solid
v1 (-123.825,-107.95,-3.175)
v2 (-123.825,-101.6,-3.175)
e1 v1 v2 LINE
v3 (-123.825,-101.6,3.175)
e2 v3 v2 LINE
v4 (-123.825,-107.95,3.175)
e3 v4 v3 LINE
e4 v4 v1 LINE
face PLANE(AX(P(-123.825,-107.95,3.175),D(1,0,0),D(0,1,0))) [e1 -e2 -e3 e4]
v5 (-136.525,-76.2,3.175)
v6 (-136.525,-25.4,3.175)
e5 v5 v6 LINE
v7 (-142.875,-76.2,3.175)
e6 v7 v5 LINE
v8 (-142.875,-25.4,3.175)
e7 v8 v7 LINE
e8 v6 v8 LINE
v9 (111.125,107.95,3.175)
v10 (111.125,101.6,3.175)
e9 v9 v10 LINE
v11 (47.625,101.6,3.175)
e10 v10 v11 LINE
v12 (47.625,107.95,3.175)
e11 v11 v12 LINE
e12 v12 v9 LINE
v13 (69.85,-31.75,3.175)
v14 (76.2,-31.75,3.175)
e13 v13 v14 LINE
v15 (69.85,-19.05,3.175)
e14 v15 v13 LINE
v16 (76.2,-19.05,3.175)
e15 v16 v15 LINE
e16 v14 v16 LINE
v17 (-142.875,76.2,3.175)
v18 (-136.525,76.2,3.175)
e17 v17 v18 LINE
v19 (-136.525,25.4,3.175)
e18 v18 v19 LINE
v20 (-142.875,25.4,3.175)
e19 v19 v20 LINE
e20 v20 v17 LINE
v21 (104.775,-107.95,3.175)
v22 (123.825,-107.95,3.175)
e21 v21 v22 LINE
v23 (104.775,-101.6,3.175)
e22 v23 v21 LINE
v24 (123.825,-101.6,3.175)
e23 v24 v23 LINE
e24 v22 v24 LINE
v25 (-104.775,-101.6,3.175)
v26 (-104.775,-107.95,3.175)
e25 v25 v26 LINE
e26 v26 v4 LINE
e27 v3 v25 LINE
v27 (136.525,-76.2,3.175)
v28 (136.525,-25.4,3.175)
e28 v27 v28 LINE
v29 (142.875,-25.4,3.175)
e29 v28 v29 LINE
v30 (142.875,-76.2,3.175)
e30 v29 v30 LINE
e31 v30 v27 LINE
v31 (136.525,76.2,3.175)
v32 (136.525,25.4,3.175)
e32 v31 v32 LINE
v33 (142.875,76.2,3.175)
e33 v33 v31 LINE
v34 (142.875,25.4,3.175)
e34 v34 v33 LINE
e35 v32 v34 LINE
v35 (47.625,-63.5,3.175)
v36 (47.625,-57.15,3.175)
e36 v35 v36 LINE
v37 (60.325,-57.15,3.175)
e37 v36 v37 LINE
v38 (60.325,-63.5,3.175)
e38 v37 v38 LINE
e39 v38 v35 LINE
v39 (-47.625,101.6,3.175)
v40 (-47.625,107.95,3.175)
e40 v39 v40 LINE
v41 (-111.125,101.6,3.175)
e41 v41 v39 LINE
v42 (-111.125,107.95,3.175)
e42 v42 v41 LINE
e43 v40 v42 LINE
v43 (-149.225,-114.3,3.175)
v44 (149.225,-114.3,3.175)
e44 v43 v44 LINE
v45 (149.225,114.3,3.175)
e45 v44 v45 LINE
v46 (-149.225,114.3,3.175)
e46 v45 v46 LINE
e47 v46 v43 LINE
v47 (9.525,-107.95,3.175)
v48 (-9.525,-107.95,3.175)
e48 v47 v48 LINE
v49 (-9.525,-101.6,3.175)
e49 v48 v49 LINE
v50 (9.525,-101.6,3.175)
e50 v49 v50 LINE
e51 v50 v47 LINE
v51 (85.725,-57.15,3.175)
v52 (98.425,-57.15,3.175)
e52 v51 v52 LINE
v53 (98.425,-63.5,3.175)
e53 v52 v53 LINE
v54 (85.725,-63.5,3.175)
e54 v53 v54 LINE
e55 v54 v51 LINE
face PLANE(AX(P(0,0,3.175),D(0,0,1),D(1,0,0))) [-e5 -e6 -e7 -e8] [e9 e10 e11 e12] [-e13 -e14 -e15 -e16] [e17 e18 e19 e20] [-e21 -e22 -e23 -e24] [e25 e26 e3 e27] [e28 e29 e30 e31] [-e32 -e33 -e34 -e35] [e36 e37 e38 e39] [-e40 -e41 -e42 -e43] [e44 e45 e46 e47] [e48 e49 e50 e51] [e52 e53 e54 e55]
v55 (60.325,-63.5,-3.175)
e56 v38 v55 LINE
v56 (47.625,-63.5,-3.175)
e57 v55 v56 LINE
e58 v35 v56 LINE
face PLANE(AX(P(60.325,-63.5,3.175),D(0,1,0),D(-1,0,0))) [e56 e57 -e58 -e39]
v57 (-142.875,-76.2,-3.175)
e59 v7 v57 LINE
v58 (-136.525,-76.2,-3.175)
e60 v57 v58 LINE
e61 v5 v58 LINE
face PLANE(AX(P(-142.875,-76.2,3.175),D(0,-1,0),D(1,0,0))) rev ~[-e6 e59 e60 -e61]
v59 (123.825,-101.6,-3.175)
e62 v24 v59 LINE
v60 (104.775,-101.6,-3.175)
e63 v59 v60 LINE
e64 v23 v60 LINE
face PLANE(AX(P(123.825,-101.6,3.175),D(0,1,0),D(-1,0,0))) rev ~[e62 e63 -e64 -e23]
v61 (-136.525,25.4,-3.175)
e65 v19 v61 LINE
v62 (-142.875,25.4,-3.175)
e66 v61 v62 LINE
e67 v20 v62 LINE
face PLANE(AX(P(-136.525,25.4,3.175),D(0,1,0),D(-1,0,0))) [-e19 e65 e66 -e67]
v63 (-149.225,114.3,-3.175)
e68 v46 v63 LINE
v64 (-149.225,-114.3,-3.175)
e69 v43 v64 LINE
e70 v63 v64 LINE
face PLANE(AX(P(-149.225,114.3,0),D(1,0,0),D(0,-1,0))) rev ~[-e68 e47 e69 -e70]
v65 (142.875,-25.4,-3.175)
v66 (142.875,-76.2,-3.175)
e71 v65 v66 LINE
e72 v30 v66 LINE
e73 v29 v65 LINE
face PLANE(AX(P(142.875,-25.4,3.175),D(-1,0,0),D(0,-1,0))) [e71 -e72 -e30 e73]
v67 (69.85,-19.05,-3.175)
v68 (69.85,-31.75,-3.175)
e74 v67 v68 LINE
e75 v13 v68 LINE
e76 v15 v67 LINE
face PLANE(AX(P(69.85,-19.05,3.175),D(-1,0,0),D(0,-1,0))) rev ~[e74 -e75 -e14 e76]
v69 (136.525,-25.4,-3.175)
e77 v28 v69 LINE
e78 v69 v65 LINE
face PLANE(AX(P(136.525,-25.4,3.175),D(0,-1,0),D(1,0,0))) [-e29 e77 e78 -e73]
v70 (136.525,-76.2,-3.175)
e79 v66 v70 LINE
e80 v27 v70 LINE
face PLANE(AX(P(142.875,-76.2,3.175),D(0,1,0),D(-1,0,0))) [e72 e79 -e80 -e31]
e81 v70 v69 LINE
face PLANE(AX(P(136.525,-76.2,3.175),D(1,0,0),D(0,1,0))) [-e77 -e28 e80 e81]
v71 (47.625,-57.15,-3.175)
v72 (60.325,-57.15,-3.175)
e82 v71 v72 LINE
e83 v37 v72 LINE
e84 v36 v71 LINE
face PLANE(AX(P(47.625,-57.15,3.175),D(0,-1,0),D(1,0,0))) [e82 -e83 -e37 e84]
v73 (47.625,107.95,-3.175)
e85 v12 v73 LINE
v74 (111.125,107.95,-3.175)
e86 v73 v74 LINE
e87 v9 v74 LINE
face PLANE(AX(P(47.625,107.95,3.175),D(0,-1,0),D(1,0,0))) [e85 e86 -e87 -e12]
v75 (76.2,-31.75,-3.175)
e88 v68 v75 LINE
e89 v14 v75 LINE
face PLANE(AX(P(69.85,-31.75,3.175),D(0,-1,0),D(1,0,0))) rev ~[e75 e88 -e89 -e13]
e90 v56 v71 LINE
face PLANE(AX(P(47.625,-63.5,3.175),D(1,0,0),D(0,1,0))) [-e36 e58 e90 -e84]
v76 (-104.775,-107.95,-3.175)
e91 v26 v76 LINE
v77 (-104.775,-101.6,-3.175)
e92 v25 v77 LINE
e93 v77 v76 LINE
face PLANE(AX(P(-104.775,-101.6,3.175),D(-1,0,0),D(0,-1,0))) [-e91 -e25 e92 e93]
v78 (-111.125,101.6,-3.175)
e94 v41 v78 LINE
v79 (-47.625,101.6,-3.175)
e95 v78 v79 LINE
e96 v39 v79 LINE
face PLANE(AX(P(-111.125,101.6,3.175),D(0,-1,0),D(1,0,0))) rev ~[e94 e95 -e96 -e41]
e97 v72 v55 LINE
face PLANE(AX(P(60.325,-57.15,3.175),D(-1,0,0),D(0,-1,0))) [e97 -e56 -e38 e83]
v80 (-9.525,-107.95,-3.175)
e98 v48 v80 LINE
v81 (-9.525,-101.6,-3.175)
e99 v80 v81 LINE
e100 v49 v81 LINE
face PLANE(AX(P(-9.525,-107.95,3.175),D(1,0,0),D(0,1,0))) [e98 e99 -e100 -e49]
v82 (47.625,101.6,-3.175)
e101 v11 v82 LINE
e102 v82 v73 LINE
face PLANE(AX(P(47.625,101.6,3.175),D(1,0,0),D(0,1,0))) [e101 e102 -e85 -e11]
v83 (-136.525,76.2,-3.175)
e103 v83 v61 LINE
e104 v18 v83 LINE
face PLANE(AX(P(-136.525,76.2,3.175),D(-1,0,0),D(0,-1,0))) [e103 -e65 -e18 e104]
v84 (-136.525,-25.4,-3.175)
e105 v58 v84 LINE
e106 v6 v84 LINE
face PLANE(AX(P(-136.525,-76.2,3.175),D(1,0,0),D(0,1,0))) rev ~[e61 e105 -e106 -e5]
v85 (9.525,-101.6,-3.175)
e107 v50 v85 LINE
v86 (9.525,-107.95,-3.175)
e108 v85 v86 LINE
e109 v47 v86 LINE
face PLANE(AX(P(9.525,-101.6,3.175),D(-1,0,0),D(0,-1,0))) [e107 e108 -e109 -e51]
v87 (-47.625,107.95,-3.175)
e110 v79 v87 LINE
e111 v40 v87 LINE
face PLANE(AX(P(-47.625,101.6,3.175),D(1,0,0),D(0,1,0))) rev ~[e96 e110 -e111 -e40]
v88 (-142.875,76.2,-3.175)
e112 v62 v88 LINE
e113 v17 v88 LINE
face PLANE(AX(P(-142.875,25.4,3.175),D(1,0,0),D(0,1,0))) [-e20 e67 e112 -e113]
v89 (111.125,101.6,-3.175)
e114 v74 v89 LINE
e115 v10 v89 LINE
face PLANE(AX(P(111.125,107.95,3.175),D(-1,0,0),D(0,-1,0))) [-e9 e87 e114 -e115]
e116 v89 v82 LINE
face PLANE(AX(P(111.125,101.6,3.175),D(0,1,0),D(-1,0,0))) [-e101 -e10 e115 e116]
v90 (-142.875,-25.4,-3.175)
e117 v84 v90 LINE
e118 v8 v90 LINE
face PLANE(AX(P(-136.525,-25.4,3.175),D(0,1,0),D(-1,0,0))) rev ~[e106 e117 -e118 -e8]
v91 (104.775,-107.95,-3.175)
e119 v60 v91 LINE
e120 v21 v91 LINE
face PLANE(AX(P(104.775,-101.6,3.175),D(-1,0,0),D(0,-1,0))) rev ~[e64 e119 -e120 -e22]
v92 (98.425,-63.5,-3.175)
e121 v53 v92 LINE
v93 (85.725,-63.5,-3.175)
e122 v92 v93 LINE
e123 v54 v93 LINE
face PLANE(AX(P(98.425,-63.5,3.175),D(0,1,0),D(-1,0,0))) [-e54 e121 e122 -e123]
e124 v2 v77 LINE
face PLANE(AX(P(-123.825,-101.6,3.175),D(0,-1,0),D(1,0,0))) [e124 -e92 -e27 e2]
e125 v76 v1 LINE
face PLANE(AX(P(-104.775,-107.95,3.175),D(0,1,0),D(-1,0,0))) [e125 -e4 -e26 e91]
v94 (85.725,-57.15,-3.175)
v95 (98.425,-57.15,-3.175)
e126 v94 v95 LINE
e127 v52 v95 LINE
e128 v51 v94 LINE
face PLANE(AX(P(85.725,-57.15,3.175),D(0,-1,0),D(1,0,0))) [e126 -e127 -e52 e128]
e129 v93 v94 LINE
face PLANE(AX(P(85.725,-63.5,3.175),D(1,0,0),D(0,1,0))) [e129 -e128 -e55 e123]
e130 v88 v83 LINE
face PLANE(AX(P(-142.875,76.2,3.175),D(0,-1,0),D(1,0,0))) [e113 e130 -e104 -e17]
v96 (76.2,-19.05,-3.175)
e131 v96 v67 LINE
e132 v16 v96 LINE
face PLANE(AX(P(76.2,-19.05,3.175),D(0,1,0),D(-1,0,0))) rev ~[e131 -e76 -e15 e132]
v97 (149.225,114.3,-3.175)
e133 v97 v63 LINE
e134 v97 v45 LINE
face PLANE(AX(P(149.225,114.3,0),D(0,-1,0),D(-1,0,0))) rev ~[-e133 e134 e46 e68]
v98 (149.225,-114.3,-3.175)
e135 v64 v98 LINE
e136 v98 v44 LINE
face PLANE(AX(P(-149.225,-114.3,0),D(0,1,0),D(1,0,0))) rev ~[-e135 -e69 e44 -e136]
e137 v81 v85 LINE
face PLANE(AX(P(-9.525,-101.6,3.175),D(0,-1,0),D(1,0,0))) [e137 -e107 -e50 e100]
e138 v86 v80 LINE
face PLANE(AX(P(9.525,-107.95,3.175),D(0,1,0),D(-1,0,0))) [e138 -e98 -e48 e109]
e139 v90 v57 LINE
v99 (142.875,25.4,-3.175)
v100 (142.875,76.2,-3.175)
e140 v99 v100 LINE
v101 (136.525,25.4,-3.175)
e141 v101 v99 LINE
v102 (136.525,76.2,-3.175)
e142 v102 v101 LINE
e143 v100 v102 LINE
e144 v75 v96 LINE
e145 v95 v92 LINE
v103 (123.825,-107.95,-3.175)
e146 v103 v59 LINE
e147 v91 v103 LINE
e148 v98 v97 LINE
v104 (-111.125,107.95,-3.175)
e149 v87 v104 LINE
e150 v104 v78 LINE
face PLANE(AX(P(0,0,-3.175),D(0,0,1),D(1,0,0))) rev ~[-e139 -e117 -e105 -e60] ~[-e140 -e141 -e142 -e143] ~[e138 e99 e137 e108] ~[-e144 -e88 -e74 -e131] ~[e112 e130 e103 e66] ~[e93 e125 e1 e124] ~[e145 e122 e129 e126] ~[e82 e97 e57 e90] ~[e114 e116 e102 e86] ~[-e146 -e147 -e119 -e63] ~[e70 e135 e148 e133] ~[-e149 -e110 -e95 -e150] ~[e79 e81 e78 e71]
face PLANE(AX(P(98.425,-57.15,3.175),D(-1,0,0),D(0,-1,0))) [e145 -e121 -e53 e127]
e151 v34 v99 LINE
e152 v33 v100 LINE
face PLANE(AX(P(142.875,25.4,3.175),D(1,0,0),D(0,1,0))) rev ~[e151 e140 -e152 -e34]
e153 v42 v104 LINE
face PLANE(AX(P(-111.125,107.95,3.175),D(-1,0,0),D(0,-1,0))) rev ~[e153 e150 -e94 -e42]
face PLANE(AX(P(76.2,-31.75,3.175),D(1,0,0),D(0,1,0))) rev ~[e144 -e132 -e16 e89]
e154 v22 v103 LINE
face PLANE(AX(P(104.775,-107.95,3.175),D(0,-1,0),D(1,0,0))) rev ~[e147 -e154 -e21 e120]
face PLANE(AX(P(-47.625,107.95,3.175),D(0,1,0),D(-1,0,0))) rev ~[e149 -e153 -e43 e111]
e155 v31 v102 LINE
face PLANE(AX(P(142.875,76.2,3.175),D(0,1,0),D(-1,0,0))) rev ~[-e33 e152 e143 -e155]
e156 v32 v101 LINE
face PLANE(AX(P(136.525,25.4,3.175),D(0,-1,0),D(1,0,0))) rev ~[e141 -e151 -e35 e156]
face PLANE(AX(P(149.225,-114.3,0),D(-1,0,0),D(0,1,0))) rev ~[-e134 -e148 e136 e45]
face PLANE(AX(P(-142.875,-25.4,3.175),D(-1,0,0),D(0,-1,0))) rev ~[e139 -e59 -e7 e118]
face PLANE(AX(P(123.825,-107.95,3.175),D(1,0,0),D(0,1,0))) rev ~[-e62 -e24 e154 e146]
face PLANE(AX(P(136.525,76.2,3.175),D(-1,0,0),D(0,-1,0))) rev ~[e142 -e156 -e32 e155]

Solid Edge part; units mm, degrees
sketch "Sketch1" plane through (0, 0, 0) normal (0, 0, 1) x (1, 0, 0)
  line L0 (-149.225, -114.3) -> (149.225, -114.3)
  line L1 (149.225, -114.3) -> (149.225, 114.3)
  line L2 (149.225, 114.3) -> (-149.225, 114.3)
  line L3 (-149.225, 114.3) -> (-149.225, -114.3)
  dimension "D1" = 298.45
  dimension "D2" = 228.6
extrude "ExtrudedProtrusion_1" add sketch "Sketch1" along normal mid plane 6.35
sketch "Sketch2" plane through (0, 0, 3.175) normal (0, 0, 1) x (1, 0, 0)
  line L0 (111.125, 101.6) -> (47.625, 101.6)
  line L1 (47.625, 101.6) -> (47.625, 107.95)
  line L2 (47.625, 107.95) -> (111.125, 107.95)
  line L3 (111.125, 107.95) -> (111.125, 101.6)
  line L4 (-104.775, -107.95) -> (-123.825, -107.95)
  line L5 (-123.825, -107.95) -> (-123.825, -101.6)
  line L6 (-123.825, -101.6) -> (-104.775, -101.6)
  line L7 (-104.775, -101.6) -> (-104.775, -107.95)
  line L8 (104.775, -107.95) -> (123.825, -107.95)
  line L9 (123.825, -107.95) -> (123.825, -101.6)
  line L10 (123.825, -101.6) -> (104.775, -101.6)
  line L11 (104.775, -101.6) -> (104.775, -107.95)
  line L12 (-111.125, 101.6) -> (-47.625, 101.6)
  line L13 (-47.625, 101.6) -> (-47.625, 107.95)
  line L14 (-47.625, 107.95) -> (-111.125, 107.95)
  line L15 (-111.125, 107.95) -> (-111.125, 101.6)
  line L16 (-9.525, -101.6) -> (9.525, -101.6)
  line L17 (9.525, -101.6) -> (9.525, -107.95)
  line L18 (9.525, -107.95) -> (-9.525, -107.95)
  line L19 (-9.525, -107.95) -> (-9.525, -101.6)
  dimension "D1" = 63.5
  dimension "D2" = 6.35
  dimension "D3" = 38.1
  dimension "D4" = 6.35
  dimension "D5" = 25.4
  dimension "D6" = 6.35
  dimension "D7" = 6.35
  dimension "D8" = 19.05
  dimension "D9" = 19.05
extrude "Cutout1" cut sketch "Sketch2" against normal through all
sketch "Sketch3" plane through (0, 0, 3.175) normal (0, 0, 1) x (1, 0, 0)
  line L0 (-142.875, -76.2) -> (-136.525, -76.2)
  line L1 (-136.525, -76.2) -> (-136.525, -25.4)
  line L2 (-136.525, -25.4) -> (-142.875, -25.4)
  line L3 (-142.875, -25.4) -> (-142.875, -76.2)
  line L4 (142.875, 76.2) -> (136.525, 76.2)
  line L5 (136.525, 76.2) -> (136.525, 25.4)
  line L6 (136.525, 25.4) -> (142.875, 25.4)
  line L7 (142.875, 25.4) -> (142.875, 76.2)
  line L8 (142.875, -76.2) -> (136.525, -76.2)
  line L9 (136.525, -76.2) -> (136.525, -25.4)
  line L10 (136.525, -25.4) -> (142.875, -25.4)
  line L11 (142.875, -25.4) -> (142.875, -76.2)
  line L12 (-142.875, 76.2) -> (-136.525, 76.2)
  line L13 (-136.525, 76.2) -> (-136.525, 25.4)
  line L14 (-136.525, 25.4) -> (-142.875, 25.4)
  line L15 (-142.875, 25.4) -> (-142.875, 76.2)
  dimension "D1" = 50.8
  dimension "D2" = 6.35
  dimension "D3" = 38.1
  dimension "D4" = 6.35
extrude "Cutout2" cut sketch "Sketch3" against normal through all
sketch "Sketch4" plane through (0, 0, 3.175) normal (0, 0, 1) x (1, 0, 0)
  line L0 (85.725, -57.15) -> (98.425, -57.15)
  line L1 (98.425, -57.15) -> (98.425, -63.5)
  line L2 (98.425, -63.5) -> (85.725, -63.5)
  line L3 (85.725, -63.5) -> (85.725, -57.15)
  line L4 (47.625, -57.15) -> (60.325, -57.15)
  line L5 (60.325, -57.15) -> (60.325, -63.5)
  line L6 (60.325, -63.5) -> (47.625, -63.5)
  line L7 (47.625, -63.5) -> (47.625, -57.15)
  line L8 (69.85, -31.75) -> (76.2, -31.75)
  line L9 (76.2, -31.75) -> (76.2, -19.05)
  line L10 (76.2, -19.05) -> (69.85, -19.05)
  line L11 (69.85, -19.05) -> (69.85, -31.75)
  dimension "D1" = 12.7
  dimension "D2" = 6.35
  dimension "D3" = 25.4
  dimension "D4" = 50.8
  dimension "D5" = 50.8
  dimension "D6" = 25.4
  dimension "D7" = 12.7
  dimension "D8" = 6.35
  dimension "D9" = 12.7
extrude "Cutout3" cut sketch "Sketch4" against normal through all
properties material "ABS PLUS"
